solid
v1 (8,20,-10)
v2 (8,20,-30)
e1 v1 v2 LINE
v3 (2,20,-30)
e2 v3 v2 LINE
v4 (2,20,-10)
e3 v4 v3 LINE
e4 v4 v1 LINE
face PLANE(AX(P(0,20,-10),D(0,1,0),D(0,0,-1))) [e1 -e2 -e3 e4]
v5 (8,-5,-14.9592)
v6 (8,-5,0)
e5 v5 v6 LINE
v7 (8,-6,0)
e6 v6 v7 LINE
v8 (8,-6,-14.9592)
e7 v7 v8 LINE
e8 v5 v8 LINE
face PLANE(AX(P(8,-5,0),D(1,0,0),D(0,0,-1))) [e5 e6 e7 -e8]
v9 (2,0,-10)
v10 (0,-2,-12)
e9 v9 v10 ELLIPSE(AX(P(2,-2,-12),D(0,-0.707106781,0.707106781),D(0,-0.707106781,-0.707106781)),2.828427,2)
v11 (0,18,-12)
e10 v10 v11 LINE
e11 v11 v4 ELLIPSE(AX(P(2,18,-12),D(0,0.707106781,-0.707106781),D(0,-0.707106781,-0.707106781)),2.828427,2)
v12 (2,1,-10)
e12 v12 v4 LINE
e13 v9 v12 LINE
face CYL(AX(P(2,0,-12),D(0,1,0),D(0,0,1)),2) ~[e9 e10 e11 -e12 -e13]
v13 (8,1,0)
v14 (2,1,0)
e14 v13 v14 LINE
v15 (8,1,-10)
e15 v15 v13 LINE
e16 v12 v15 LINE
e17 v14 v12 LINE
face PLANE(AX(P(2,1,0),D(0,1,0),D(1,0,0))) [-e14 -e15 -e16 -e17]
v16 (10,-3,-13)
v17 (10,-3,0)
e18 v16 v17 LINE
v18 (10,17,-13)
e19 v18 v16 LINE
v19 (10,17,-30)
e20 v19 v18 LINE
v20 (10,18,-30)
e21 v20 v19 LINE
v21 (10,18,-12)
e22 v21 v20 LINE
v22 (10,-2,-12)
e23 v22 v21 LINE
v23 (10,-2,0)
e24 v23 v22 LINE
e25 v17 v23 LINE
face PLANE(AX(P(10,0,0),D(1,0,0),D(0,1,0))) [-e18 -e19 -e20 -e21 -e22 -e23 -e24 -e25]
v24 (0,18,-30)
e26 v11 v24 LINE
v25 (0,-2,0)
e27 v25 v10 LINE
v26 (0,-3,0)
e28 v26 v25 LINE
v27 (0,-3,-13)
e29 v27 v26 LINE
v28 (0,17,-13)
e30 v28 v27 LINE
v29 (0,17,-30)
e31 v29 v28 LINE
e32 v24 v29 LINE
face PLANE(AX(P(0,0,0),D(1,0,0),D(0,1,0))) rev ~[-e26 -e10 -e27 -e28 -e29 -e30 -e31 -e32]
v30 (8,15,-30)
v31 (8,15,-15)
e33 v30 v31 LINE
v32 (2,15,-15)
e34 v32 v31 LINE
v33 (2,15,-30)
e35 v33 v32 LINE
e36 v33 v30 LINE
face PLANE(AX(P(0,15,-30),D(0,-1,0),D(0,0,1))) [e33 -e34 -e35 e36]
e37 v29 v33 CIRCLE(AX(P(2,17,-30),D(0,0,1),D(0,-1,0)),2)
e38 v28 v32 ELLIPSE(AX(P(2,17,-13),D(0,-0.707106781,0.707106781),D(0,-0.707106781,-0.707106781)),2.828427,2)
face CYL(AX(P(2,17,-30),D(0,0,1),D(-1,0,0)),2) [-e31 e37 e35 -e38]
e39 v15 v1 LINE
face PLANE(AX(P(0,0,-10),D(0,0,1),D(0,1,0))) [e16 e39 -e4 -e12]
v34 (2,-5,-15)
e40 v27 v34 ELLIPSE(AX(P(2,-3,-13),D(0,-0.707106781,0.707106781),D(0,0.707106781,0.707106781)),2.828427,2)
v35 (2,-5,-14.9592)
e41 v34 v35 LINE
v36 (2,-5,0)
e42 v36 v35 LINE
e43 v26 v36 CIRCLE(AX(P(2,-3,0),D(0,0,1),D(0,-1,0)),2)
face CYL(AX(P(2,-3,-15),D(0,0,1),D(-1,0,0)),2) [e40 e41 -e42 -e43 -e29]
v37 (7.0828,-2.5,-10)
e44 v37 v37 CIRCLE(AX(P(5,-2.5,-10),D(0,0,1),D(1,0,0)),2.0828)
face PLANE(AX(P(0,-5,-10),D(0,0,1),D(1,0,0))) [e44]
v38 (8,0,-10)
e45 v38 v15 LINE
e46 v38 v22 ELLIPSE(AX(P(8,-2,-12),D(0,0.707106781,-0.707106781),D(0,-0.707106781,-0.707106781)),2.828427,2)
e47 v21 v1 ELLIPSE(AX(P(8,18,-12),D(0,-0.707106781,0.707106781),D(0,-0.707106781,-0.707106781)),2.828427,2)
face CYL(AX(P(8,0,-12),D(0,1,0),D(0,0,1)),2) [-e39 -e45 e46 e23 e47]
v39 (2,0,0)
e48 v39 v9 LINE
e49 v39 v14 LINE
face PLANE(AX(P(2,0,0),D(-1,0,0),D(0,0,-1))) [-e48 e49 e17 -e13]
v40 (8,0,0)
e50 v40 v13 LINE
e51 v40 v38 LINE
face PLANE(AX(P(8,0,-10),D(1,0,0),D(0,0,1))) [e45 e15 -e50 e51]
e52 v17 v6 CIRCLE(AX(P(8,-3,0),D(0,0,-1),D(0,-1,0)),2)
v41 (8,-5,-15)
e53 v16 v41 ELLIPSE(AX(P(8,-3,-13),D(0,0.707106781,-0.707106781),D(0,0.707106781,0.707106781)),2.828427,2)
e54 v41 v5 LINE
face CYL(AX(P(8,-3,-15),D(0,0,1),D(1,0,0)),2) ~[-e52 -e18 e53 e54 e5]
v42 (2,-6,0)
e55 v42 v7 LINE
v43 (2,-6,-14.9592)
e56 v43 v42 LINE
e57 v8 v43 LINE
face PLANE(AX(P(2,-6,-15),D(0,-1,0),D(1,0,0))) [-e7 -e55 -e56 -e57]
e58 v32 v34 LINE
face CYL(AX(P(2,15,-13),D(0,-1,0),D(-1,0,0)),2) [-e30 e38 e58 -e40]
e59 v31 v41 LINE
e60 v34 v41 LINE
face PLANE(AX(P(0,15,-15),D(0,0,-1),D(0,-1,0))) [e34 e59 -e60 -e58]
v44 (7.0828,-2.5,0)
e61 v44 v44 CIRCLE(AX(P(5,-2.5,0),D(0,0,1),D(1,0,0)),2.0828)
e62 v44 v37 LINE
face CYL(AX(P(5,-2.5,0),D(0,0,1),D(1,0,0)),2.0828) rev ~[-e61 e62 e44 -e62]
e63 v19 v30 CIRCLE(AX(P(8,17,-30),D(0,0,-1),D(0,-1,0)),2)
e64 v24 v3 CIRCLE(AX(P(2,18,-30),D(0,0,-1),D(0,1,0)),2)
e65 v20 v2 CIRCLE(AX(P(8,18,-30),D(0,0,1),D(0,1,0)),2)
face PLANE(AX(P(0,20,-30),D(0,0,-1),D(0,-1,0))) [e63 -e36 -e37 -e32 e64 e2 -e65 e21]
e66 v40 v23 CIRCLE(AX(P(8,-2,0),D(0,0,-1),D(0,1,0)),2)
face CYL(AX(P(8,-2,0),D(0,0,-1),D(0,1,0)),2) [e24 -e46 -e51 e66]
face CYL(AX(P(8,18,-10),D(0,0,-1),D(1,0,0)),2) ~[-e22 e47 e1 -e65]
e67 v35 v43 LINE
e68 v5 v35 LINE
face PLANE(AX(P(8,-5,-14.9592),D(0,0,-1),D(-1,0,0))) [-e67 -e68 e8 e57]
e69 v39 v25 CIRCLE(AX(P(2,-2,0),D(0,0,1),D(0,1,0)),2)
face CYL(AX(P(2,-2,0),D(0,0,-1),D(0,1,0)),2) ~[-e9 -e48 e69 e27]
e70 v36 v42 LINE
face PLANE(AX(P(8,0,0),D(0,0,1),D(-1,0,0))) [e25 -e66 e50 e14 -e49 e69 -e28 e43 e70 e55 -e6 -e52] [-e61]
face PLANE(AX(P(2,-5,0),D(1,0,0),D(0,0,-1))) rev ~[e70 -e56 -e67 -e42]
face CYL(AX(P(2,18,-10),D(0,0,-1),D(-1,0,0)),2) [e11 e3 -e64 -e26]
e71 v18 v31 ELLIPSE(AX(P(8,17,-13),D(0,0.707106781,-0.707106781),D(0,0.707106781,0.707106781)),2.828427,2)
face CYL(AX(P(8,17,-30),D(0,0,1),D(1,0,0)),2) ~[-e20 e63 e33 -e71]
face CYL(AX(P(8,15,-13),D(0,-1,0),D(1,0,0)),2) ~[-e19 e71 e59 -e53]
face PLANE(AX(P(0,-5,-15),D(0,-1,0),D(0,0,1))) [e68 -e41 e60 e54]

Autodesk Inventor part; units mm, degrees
ref_plane "YZ Plane" through (0, 0, 0) normal (1, 0, 0) x (0, 1, 0)
ref_plane "XZ Plane" through (0, 0, 0) normal (0, 1, 0) x (-1, 0, 0)
ref_plane "XY Plane" through (0, 0, 0) normal (0, 0, 1) x (1, 0, 0)
sketch "Sketch1" plane through (0, 0, 0) normal (1, 0, 0) x (0, 1, 0)
  line L0 (0, 0) -> (0, -10)
  line L1 (0, -10) -> (20, -10)
  line L2 (20, -10) -> (20, -30)
  line L3 (20, -30) -> (15, -30)
  line L4 (15, -30) -> (15, -15)
  line L5 (15, -15) -> (-5, -15)
  line L6 (-5, -15) -> (-5, 0)
  line L7 (-5, 0) -> (0, 0)
  dimension "d0" = 10
  dimension "d1" = 20
  dimension "d2" = 20
  dimension "d3" = 5
  dimension "d4" = 15
  dimension "d5" = 20
  dimension "d6" = 15
extrude "Extrusion1" add sketch "Sketch1" along normal blind 10
sketch "Sketch2" plane through (0, -5, 0) normal (0, 0, 1) x (1, 0, 0)
  line L0 (0, 0) -> (0, 5) projected
  line L1 (0, 5) -> (10, 5) projected
  point P0 (5, 2.5)
  dimension "d9" = 5
  dimension "d10" = 2.5
sketch "Sketch3" plane through (0, -5, 0) normal (0, 0, 1) x (1, 0, 0)
  circle A0 centre (5, 2.5) radius 2.0828
  line L0 (10, 5) -> (10, 0) projected
  line L1 (0, 5) -> (10, 5) projected
  dimension "d11" = 4.1656
  dimension "d12" = 5
  dimension "d13" = 2.5
extrude "Extrusion2" cut sketch "Sketch3" against normal blind 10
thread "Thread1" size "8-32 UNC" class "2B" standard "ANSI Unified Screw Threads" full length
fillet "Fillet1" radius 2 12 edges at (10, 20, -20) (0, 20, -20) (10, 0, -5) (0, 0, -5) (10, 15, -22.5) (10, -5, -7.5) (0, -5, -7.5) (0, 10, -10) (0, 5, -15) (10, 10, -10) (0, 15, -22.5) (10, 5, -15)
sketch "Sketch4" plane through (2, -5, -15) normal (0, -1, 0) x (1, 0, 0)
  line L0 (0, 15) -> (0, 5) projected
  line L1 (6, -15) -> (6, 5) projected
  line L2 (0, 15) -> (6, 15)
  line L3 (6, 15) -> (6, 0.0408)
  line L4 (6, 0.0408) -> (0, 0.0408)
  line L5 (0, 0.0408) -> (0, 15)
  point P0 (-2, 15)
extrude "Extrusion3" add sketch "Sketch4" along normal blind 1
sketch "Sketch5" plane through (2, 0, 0) normal (0, 1, 0) x (1, 0, 0)
  line L0 (6, 10) -> (6, 0) projected
  line L1 (0, 10) -> (6, 10) projected
  line L2 (6, 0) -> (0, 0)
  line L3 (0, 0) -> (0, 10)
  line L4 (0, 10) -> (6, 10)
  line L5 (6, 10) -> (6, 0)
  point P0 (-2, 0)
extrude "Extrusion4" add sketch "Sketch5" along normal blind 1
properties part number "Lever"
